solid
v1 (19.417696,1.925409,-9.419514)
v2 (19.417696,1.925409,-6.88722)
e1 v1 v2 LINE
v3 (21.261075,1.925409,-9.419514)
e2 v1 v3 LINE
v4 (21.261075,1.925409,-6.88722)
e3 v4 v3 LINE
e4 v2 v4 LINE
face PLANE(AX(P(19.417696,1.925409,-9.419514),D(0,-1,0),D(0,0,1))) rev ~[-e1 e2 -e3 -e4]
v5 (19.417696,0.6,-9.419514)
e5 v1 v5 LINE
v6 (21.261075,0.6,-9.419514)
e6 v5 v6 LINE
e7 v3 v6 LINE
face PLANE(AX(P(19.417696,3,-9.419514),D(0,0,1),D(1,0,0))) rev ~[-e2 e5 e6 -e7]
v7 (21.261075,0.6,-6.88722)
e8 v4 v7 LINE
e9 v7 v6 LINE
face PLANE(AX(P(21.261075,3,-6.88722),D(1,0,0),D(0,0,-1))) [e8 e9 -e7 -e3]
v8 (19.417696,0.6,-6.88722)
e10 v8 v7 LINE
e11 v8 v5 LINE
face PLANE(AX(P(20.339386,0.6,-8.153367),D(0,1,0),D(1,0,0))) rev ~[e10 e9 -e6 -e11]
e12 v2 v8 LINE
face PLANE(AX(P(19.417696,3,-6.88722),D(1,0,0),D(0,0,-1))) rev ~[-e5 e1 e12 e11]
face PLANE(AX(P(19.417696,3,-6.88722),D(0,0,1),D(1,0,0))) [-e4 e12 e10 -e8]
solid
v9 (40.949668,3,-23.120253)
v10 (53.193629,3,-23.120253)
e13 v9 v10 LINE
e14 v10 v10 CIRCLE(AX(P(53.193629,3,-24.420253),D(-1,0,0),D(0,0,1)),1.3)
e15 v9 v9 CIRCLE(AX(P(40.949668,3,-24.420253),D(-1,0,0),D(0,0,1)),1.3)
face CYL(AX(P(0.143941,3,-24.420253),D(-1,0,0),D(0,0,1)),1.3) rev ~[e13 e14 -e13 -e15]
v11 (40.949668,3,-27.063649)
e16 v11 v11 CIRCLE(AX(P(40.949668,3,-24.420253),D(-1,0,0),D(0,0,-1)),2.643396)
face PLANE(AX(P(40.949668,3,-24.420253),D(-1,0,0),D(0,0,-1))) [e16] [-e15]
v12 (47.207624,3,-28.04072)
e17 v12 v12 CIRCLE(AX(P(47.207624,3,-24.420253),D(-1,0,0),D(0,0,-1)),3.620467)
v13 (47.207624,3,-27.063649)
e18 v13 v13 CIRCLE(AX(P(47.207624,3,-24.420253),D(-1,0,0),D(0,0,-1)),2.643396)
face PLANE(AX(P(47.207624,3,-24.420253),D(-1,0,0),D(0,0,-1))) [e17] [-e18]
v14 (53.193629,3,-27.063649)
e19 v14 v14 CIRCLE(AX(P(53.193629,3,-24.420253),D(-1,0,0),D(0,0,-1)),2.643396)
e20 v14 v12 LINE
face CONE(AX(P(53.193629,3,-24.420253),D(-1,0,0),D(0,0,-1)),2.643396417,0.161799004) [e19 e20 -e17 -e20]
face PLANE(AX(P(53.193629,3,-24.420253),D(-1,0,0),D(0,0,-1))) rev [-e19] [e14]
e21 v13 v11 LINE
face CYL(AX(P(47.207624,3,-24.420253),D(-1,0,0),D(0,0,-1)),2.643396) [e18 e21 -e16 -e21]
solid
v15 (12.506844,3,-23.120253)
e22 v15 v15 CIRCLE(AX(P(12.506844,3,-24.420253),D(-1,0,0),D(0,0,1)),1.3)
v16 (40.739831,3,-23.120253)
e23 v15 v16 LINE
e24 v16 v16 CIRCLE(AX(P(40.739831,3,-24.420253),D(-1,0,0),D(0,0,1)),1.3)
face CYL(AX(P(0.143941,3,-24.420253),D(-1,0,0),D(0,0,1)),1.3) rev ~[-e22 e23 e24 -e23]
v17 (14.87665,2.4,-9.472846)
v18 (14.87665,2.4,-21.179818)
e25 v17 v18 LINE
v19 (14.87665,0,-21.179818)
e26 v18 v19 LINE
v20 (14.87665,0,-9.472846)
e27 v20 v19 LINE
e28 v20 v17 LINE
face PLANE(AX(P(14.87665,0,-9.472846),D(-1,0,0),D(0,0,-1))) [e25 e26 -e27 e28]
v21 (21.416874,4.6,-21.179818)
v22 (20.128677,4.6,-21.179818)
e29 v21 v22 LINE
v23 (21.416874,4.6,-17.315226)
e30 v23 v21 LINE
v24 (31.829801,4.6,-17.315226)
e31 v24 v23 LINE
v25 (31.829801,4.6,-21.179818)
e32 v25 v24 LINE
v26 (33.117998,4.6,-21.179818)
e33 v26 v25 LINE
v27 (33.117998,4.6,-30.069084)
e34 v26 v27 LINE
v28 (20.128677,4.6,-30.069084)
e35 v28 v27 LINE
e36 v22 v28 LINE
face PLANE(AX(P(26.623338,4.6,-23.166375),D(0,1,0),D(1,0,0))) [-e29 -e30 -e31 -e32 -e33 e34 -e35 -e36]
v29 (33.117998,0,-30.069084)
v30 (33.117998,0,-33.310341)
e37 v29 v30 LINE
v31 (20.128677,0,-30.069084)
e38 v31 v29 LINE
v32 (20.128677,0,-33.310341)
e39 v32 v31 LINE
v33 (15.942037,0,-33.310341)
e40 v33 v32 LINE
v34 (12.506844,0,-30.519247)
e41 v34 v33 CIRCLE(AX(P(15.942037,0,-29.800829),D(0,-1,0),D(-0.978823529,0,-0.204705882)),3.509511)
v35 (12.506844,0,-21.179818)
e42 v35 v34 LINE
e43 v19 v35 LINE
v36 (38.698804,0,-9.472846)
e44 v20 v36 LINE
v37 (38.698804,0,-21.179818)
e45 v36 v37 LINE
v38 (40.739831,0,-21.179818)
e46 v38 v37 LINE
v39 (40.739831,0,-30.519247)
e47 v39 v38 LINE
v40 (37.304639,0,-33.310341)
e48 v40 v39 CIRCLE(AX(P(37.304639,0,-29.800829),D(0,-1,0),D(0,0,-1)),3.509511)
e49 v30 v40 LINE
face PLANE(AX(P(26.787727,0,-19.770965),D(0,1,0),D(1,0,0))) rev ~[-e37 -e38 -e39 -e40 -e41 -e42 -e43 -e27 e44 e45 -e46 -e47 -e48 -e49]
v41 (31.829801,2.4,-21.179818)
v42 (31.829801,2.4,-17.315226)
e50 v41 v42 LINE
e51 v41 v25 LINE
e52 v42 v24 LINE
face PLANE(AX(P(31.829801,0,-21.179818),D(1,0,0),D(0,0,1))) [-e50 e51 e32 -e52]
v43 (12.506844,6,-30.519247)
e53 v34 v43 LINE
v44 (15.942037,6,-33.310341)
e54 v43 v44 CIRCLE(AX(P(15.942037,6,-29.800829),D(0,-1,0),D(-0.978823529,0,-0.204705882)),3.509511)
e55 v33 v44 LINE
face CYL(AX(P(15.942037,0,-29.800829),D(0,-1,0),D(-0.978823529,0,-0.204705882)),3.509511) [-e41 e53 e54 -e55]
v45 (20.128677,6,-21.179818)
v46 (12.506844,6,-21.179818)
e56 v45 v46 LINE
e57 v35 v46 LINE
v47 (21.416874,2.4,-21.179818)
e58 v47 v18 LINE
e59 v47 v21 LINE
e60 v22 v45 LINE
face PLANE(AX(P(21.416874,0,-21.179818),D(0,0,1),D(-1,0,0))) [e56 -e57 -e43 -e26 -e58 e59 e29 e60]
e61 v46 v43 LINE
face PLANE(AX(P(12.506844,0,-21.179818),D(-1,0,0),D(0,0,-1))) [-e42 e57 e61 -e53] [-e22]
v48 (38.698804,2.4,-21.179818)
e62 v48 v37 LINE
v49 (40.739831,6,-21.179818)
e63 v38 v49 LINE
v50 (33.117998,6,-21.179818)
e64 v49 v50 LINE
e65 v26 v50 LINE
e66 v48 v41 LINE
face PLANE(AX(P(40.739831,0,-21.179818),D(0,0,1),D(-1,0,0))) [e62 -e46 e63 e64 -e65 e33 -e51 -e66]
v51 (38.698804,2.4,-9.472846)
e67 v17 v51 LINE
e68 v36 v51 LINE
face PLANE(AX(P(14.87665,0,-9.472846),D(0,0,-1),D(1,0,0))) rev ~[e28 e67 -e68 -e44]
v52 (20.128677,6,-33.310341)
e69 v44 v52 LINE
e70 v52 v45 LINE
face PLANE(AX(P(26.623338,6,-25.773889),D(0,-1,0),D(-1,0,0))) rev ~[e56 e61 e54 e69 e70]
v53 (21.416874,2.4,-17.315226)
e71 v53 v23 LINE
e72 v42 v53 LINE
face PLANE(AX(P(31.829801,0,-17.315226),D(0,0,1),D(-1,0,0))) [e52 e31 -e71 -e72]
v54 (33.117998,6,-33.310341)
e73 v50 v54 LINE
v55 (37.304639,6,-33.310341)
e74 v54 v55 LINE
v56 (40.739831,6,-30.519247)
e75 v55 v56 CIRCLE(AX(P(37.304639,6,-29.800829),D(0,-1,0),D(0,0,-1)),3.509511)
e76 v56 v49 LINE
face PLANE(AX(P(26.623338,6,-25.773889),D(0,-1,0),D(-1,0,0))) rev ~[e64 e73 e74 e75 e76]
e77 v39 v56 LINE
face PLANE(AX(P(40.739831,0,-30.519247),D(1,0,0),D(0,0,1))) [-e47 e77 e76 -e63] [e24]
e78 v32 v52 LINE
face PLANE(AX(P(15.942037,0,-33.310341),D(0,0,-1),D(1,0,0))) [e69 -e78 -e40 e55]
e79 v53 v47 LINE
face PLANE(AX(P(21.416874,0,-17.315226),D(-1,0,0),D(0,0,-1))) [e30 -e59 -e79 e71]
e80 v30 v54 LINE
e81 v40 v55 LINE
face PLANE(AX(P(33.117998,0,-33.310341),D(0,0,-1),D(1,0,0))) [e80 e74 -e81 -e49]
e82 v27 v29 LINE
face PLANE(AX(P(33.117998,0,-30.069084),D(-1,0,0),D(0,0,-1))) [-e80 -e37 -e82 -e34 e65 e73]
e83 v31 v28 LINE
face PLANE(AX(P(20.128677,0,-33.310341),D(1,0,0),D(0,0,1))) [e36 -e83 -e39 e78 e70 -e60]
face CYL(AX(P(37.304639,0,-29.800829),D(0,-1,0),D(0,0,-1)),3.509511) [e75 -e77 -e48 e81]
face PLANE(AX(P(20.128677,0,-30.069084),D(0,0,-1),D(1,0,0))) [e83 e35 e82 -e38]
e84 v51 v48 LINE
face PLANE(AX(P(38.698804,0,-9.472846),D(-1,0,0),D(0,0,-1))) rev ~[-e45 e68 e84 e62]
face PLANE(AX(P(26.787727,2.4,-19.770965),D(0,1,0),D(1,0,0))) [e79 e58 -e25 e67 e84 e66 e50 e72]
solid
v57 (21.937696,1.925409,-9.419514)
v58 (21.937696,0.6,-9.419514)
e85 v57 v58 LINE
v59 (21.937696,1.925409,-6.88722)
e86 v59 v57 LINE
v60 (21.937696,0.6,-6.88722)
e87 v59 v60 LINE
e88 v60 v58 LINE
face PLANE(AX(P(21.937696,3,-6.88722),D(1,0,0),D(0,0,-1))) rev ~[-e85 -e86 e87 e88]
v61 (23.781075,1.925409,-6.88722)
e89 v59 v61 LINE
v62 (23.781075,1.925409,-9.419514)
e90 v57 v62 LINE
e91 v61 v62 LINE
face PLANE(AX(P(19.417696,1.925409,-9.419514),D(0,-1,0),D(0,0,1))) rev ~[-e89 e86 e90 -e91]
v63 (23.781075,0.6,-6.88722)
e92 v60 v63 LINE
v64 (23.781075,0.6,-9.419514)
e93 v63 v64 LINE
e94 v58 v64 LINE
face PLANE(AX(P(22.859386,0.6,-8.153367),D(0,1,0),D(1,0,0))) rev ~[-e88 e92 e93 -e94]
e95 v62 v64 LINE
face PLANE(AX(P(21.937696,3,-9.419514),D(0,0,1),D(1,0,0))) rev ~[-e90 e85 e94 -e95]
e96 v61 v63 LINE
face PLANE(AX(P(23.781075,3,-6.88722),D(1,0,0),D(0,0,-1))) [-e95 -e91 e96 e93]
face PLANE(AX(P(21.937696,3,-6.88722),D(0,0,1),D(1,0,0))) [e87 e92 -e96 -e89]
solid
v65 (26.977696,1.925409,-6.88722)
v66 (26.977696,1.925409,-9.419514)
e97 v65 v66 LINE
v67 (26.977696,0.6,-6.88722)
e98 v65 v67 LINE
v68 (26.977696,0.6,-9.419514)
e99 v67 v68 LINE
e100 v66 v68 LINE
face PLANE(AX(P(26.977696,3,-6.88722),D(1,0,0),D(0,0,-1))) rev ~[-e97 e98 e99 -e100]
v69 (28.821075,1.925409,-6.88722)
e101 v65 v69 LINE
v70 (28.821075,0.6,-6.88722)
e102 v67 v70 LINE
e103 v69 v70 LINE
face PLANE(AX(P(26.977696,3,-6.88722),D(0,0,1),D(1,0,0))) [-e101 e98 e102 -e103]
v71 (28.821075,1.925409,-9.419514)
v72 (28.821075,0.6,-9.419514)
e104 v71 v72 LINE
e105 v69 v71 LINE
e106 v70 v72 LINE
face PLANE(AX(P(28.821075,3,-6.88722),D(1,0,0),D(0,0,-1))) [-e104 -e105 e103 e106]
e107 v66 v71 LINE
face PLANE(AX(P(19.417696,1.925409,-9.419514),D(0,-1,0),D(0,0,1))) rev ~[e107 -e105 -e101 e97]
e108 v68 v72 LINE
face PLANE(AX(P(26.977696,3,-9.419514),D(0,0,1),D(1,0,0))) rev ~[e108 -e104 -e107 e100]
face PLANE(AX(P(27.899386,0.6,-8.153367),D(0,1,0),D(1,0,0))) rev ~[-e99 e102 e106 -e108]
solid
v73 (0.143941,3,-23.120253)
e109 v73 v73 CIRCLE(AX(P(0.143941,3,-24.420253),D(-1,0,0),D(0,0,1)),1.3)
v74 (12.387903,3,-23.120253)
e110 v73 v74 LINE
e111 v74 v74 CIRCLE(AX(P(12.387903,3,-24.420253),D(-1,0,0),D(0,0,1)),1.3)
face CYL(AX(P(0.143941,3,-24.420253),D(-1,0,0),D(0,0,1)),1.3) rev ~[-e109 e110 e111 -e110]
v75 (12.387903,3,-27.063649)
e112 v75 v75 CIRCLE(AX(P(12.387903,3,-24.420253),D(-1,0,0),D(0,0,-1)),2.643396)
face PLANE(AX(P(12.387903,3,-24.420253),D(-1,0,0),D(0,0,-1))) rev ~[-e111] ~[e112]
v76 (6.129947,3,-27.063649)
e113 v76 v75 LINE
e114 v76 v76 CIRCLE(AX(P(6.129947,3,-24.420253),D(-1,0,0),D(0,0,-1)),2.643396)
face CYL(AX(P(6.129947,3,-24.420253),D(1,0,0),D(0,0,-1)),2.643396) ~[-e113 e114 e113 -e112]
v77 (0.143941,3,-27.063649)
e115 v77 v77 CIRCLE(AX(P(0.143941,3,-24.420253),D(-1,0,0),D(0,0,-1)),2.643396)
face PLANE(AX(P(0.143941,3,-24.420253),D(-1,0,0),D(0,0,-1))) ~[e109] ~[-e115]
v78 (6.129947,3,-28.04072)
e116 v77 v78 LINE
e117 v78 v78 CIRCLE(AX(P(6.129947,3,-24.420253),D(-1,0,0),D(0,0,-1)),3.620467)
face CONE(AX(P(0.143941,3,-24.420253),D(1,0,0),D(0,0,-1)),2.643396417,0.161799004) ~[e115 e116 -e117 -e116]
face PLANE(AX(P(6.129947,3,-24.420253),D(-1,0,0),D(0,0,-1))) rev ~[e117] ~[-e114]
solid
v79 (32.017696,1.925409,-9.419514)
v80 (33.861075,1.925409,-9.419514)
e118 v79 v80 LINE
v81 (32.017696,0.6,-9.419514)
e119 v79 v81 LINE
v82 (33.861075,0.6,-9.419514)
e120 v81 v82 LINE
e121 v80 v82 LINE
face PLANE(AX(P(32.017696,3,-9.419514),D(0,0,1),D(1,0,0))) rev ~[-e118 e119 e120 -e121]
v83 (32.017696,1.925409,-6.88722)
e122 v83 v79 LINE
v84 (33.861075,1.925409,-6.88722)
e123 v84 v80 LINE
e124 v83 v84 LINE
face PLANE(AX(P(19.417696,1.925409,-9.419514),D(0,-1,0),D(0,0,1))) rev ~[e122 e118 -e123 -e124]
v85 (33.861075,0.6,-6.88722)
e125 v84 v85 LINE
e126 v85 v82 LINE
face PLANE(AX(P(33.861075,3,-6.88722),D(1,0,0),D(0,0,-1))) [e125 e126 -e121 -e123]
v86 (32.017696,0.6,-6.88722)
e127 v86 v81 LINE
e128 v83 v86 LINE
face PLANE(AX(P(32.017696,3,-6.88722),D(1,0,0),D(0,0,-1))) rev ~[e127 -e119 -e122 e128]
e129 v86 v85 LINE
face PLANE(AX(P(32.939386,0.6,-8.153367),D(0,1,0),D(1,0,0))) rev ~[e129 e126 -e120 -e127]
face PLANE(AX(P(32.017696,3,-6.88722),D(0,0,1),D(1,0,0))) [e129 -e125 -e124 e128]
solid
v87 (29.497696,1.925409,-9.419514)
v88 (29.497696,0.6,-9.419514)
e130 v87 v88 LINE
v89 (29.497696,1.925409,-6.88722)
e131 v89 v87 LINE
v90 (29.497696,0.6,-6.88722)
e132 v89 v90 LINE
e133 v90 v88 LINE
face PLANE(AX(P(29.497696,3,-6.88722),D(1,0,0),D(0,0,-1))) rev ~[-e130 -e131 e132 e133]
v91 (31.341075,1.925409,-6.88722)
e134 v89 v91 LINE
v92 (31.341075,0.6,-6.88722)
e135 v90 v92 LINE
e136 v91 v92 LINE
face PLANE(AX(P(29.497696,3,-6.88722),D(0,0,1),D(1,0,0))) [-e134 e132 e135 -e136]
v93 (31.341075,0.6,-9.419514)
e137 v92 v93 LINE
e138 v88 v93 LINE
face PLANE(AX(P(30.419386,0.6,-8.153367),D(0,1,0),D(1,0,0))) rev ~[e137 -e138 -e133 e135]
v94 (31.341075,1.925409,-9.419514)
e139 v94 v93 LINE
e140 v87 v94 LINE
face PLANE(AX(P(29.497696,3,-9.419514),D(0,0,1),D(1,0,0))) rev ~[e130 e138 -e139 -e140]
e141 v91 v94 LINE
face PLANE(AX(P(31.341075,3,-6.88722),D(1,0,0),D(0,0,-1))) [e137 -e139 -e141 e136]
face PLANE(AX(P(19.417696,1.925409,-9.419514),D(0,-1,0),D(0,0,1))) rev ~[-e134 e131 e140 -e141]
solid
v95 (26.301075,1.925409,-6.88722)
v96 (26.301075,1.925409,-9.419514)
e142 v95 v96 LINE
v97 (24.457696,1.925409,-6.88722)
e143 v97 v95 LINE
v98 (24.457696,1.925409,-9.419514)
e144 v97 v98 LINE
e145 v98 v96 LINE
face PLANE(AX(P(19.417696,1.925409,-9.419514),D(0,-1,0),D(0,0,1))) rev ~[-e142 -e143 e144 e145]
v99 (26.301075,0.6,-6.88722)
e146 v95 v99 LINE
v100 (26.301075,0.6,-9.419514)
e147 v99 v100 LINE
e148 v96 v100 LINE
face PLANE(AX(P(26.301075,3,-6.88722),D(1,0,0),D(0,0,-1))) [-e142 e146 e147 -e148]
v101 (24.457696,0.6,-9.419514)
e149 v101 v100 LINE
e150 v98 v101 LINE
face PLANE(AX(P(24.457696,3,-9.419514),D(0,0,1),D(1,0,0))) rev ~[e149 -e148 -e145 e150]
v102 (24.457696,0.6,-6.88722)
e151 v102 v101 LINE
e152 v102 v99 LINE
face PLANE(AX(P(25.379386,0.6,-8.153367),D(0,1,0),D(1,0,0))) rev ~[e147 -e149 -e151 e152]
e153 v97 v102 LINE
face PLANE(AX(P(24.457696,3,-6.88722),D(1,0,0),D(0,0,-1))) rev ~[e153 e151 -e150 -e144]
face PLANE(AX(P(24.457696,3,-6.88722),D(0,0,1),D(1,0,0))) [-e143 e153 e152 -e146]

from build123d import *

# Parameters (mm, degrees)
EXTRUDE_2_DEPTH     = 6
SKETCH_2_W          = 23.822154329
SKETCH_2_H          = 20.596237597
EXTRUDE_3_DEPTH     = 2.4
SKETCH_6_W          = 12.989320898
SKETCH_6_H          = 13.80541812
CUT_EXTRUDE_2_DEPTH = 1.4
SKETCH_9_R          = 1.3
CUT_EXTRUDE_3_DEPTH = 63.989512989
SKETCH_10_W         = 1.843378815
SKETCH_10_H         = 2.532293836
EXTRUDE_4_DEPTH     = 2.4
EXTRUDE_4_2_DEPTH   = 2.4
EXTRUDE_4_3_DEPTH   = 2.4
EXTRUDE_4_4_DEPTH   = 2.4
EXTRUDE_4_5_DEPTH   = 2.4
EXTRUDE_4_6_DEPTH   = 2.4
SKETCH_11_W         = 2.532293836
SKETCH_11_H         = 1.074591371
CUT_EXTRUDE_4_DEPTH = 19.4


with BuildPart() as part:
    # 草图4 → 凸台-拉伸2 (new body)
    with BuildSketch(Plane(origin=(0, 0, 0), x_dir=(1, 0, 0), z_dir=(0, 1, 0))):
        with BuildLine():
            Line((20.128677299, 33.310340592), (20.128677299, 30.069083715))
            Line((20.128677299, 30.069083715), (33.117998197, 30.069083715))
            Line((33.117998197, 30.069083715), (33.117998197, 33.310340592))
            Line((33.117998197, 33.310340592), (37.304638817, 33.310340592))
            ThreePointArc((37.304638817, 33.310340592), (39.517710804, 32.52461013), (40.739831121, 30.519246845))
            Line((40.739831121, 30.519246845), (40.739831121, 21.179817769))
            Line((40.739831121, 21.179817769), (31.829801083, 21.179817769))
            Line((31.829801083, 21.179817769), (31.829801083, 17.315226428))
            Line((31.829801083, 17.315226428), (21.416874413, 17.315226428))
            Line((21.416874413, 17.315226428), (21.416874413, 21.179817769))
            Line((21.416874413, 21.179817769), (12.506844375, 21.179817769))
            Line((12.506844375, 21.179817769), (12.506844375, 30.519246845))
            ThreePointArc((12.506844375, 30.519246845), (13.728964692, 32.52461013), (15.942036679, 33.310340592))
            Line((15.942036679, 33.310340592), (20.128677299, 33.310340592))
        make_face()
    extrude(amount=EXTRUDE_2_DEPTH)

    # 草图2 → 凸台-拉伸3 (add)
    with BuildSketch(Plane(origin=(0, 0, 0), x_dir=(1, 0, 0), z_dir=(0, 1, 0))):
        with Locations((26.78772687, 19.770964917)):
            Rectangle(SKETCH_2_W, SKETCH_2_H)
    extrude(amount=EXTRUDE_3_DEPTH)

    # 草图6 → 切除-拉伸2 (cut)
    with BuildSketch(Plane(origin=(0, 6, 0), x_dir=(1, 0, 0), z_dir=(0, 1, 0))):
        with Locations((26.623337748, 23.166374655)):
            Rectangle(SKETCH_6_W, SKETCH_6_H)
    extrude(amount=-CUT_EXTRUDE_2_DEPTH, mode=Mode.SUBTRACT)


with BuildPart() as body_2:
    # 草图8 → 旋转5 (revolve)
    with BuildSketch(Plane(origin=(0, 3, 0), x_dir=(1, 0, 0), z_dir=(0, 1, 0))):
        Polygon((6.129946748, 27.063649251), (12.387902832, 27.063649251), (12.387902832, 24.420252834), (0.143941454, 24.420252834), (0.143941454, 27.063649251), (6.129946748, 28.040720085), align=None)
        Polygon((47.207623903, 28.040720085), (47.207623903, 27.063649251), (40.94966782, 27.063649251), (40.94966782, 24.420252834), (53.193629197, 24.420252834), (53.193629197, 27.063649251), align=None)
    revolve(axis=Axis((12.387902832, 3, -24.420252834), (-1, 0, 0)))


with BuildPart() as cut_extrude_3_tool:
    # 草图9 → 切除-拉伸3 (new, through all)
    with BuildSketch(Plane.ZY.offset(-0.143941454)):
        with Locations((-24.420252834, 3)):
            Circle(SKETCH_9_R)
    extrude(amount=-CUT_EXTRUDE_3_DEPTH)


with BuildPart() as part_1:
    add(part.part)

    # 切除-拉伸3: cut by cut_extrude_3_tool
    add(cut_extrude_3_tool.part, mode=Mode.SUBTRACT)


with BuildPart() as body_2_1:
    add(body_2.part)

    # 切除-拉伸3: cut by cut_extrude_3_tool
    add(cut_extrude_3_tool.part, mode=Mode.SUBTRACT)


with BuildPart() as body_3:
    # 草图10 → 凸台-拉伸4 (new body)
    with BuildSketch(Plane(origin=(0, 3, 0), x_dir=(1, 0, 0), z_dir=(0, 1, 0))):
        with Locations((22.859385876, 8.153366941)):
            Rectangle(SKETCH_10_W, SKETCH_10_H)
    extrude(amount=-EXTRUDE_4_DEPTH)


with BuildPart() as body_4:
    # 草图10 → Extrude 4 2 (new body)
    with BuildSketch(Plane(origin=(0, 3, 0), x_dir=(1, 0, 0), z_dir=(0, 1, 0))):
        with Locations((20.339385875, 8.153366941)):
            Rectangle(SKETCH_10_W, SKETCH_10_H)
    extrude(amount=-EXTRUDE_4_2_DEPTH)


with BuildPart() as body_5:
    # 草图10 → Extrude 4 3 (new body)
    with BuildSketch(Plane(origin=(0, 3, 0), x_dir=(1, 0, 0), z_dir=(0, 1, 0))):
        with Locations((25.379385876, 8.153366941)):
            Rectangle(SKETCH_10_W, SKETCH_10_H)
    extrude(amount=-EXTRUDE_4_3_DEPTH)


with BuildPart() as body_6:
    # 草图10 → Extrude 4 4 (new body)
    with BuildSketch(Plane(origin=(0, 3, 0), x_dir=(1, 0, 0), z_dir=(0, 1, 0))):
        with Locations((27.899385876, 8.153366941)):
            Rectangle(SKETCH_10_W, SKETCH_10_H)
    extrude(amount=-EXTRUDE_4_4_DEPTH)


with BuildPart() as body_7:
    # 草图10 → Extrude 4 5 (new body)
    with BuildSketch(Plane(origin=(0, 3, 0), x_dir=(1, 0, 0), z_dir=(0, 1, 0))):
        with Locations((30.419385876, 8.153366941)):
            Rectangle(SKETCH_10_W, SKETCH_10_H)
    extrude(amount=-EXTRUDE_4_5_DEPTH)


with BuildPart() as body_8:
    # 草图10 → Extrude 4 6 (new body)
    with BuildSketch(Plane(origin=(0, 3, 0), x_dir=(1, 0, 0), z_dir=(0, 1, 0))):
        with Locations((32.939385876, 8.153366941)):
            Rectangle(SKETCH_10_W, SKETCH_10_H)
    extrude(amount=-EXTRUDE_4_6_DEPTH)


with BuildPart() as cut_extrude_4_tool:
    # 草图11 → 切除-拉伸4 (new body)
    with BuildSketch(Plane.ZY.offset(-19.417696468)):
        with Locations((-8.153366941, 2.462704314)):
            Rectangle(SKETCH_11_W, SKETCH_11_H)
    extrude(amount=-CUT_EXTRUDE_4_DEPTH)


with BuildPart() as body_3_1:
    add(body_3.part)

    # 切除-拉伸4: cut by cut_extrude_4_tool
    add(cut_extrude_4_tool.part, mode=Mode.SUBTRACT)


with BuildPart() as body_4_1:
    add(body_4.part)

    # 切除-拉伸4: cut by cut_extrude_4_tool
    add(cut_extrude_4_tool.part, mode=Mode.SUBTRACT)


with BuildPart() as body_5_1:
    add(body_5.part)

    # 切除-拉伸4: cut by cut_extrude_4_tool
    add(cut_extrude_4_tool.part, mode=Mode.SUBTRACT)


with BuildPart() as body_6_1:
    add(body_6.part)

    # 切除-拉伸4: cut by cut_extrude_4_tool
    add(cut_extrude_4_tool.part, mode=Mode.SUBTRACT)


with BuildPart() as body_7_1:
    add(body_7.part)

    # 切除-拉伸4: cut by cut_extrude_4_tool
    add(cut_extrude_4_tool.part, mode=Mode.SUBTRACT)


with BuildPart() as body_8_1:
    add(body_8.part)

    # 切除-拉伸4: cut by cut_extrude_4_tool
    add(cut_extrude_4_tool.part, mode=Mode.SUBTRACT)


solid = Compound([part_1.part, body_2_1.part, body_3_1.part, body_4_1.part, body_5_1.part, body_6_1.part, body_7_1.part, body_8_1.part])
